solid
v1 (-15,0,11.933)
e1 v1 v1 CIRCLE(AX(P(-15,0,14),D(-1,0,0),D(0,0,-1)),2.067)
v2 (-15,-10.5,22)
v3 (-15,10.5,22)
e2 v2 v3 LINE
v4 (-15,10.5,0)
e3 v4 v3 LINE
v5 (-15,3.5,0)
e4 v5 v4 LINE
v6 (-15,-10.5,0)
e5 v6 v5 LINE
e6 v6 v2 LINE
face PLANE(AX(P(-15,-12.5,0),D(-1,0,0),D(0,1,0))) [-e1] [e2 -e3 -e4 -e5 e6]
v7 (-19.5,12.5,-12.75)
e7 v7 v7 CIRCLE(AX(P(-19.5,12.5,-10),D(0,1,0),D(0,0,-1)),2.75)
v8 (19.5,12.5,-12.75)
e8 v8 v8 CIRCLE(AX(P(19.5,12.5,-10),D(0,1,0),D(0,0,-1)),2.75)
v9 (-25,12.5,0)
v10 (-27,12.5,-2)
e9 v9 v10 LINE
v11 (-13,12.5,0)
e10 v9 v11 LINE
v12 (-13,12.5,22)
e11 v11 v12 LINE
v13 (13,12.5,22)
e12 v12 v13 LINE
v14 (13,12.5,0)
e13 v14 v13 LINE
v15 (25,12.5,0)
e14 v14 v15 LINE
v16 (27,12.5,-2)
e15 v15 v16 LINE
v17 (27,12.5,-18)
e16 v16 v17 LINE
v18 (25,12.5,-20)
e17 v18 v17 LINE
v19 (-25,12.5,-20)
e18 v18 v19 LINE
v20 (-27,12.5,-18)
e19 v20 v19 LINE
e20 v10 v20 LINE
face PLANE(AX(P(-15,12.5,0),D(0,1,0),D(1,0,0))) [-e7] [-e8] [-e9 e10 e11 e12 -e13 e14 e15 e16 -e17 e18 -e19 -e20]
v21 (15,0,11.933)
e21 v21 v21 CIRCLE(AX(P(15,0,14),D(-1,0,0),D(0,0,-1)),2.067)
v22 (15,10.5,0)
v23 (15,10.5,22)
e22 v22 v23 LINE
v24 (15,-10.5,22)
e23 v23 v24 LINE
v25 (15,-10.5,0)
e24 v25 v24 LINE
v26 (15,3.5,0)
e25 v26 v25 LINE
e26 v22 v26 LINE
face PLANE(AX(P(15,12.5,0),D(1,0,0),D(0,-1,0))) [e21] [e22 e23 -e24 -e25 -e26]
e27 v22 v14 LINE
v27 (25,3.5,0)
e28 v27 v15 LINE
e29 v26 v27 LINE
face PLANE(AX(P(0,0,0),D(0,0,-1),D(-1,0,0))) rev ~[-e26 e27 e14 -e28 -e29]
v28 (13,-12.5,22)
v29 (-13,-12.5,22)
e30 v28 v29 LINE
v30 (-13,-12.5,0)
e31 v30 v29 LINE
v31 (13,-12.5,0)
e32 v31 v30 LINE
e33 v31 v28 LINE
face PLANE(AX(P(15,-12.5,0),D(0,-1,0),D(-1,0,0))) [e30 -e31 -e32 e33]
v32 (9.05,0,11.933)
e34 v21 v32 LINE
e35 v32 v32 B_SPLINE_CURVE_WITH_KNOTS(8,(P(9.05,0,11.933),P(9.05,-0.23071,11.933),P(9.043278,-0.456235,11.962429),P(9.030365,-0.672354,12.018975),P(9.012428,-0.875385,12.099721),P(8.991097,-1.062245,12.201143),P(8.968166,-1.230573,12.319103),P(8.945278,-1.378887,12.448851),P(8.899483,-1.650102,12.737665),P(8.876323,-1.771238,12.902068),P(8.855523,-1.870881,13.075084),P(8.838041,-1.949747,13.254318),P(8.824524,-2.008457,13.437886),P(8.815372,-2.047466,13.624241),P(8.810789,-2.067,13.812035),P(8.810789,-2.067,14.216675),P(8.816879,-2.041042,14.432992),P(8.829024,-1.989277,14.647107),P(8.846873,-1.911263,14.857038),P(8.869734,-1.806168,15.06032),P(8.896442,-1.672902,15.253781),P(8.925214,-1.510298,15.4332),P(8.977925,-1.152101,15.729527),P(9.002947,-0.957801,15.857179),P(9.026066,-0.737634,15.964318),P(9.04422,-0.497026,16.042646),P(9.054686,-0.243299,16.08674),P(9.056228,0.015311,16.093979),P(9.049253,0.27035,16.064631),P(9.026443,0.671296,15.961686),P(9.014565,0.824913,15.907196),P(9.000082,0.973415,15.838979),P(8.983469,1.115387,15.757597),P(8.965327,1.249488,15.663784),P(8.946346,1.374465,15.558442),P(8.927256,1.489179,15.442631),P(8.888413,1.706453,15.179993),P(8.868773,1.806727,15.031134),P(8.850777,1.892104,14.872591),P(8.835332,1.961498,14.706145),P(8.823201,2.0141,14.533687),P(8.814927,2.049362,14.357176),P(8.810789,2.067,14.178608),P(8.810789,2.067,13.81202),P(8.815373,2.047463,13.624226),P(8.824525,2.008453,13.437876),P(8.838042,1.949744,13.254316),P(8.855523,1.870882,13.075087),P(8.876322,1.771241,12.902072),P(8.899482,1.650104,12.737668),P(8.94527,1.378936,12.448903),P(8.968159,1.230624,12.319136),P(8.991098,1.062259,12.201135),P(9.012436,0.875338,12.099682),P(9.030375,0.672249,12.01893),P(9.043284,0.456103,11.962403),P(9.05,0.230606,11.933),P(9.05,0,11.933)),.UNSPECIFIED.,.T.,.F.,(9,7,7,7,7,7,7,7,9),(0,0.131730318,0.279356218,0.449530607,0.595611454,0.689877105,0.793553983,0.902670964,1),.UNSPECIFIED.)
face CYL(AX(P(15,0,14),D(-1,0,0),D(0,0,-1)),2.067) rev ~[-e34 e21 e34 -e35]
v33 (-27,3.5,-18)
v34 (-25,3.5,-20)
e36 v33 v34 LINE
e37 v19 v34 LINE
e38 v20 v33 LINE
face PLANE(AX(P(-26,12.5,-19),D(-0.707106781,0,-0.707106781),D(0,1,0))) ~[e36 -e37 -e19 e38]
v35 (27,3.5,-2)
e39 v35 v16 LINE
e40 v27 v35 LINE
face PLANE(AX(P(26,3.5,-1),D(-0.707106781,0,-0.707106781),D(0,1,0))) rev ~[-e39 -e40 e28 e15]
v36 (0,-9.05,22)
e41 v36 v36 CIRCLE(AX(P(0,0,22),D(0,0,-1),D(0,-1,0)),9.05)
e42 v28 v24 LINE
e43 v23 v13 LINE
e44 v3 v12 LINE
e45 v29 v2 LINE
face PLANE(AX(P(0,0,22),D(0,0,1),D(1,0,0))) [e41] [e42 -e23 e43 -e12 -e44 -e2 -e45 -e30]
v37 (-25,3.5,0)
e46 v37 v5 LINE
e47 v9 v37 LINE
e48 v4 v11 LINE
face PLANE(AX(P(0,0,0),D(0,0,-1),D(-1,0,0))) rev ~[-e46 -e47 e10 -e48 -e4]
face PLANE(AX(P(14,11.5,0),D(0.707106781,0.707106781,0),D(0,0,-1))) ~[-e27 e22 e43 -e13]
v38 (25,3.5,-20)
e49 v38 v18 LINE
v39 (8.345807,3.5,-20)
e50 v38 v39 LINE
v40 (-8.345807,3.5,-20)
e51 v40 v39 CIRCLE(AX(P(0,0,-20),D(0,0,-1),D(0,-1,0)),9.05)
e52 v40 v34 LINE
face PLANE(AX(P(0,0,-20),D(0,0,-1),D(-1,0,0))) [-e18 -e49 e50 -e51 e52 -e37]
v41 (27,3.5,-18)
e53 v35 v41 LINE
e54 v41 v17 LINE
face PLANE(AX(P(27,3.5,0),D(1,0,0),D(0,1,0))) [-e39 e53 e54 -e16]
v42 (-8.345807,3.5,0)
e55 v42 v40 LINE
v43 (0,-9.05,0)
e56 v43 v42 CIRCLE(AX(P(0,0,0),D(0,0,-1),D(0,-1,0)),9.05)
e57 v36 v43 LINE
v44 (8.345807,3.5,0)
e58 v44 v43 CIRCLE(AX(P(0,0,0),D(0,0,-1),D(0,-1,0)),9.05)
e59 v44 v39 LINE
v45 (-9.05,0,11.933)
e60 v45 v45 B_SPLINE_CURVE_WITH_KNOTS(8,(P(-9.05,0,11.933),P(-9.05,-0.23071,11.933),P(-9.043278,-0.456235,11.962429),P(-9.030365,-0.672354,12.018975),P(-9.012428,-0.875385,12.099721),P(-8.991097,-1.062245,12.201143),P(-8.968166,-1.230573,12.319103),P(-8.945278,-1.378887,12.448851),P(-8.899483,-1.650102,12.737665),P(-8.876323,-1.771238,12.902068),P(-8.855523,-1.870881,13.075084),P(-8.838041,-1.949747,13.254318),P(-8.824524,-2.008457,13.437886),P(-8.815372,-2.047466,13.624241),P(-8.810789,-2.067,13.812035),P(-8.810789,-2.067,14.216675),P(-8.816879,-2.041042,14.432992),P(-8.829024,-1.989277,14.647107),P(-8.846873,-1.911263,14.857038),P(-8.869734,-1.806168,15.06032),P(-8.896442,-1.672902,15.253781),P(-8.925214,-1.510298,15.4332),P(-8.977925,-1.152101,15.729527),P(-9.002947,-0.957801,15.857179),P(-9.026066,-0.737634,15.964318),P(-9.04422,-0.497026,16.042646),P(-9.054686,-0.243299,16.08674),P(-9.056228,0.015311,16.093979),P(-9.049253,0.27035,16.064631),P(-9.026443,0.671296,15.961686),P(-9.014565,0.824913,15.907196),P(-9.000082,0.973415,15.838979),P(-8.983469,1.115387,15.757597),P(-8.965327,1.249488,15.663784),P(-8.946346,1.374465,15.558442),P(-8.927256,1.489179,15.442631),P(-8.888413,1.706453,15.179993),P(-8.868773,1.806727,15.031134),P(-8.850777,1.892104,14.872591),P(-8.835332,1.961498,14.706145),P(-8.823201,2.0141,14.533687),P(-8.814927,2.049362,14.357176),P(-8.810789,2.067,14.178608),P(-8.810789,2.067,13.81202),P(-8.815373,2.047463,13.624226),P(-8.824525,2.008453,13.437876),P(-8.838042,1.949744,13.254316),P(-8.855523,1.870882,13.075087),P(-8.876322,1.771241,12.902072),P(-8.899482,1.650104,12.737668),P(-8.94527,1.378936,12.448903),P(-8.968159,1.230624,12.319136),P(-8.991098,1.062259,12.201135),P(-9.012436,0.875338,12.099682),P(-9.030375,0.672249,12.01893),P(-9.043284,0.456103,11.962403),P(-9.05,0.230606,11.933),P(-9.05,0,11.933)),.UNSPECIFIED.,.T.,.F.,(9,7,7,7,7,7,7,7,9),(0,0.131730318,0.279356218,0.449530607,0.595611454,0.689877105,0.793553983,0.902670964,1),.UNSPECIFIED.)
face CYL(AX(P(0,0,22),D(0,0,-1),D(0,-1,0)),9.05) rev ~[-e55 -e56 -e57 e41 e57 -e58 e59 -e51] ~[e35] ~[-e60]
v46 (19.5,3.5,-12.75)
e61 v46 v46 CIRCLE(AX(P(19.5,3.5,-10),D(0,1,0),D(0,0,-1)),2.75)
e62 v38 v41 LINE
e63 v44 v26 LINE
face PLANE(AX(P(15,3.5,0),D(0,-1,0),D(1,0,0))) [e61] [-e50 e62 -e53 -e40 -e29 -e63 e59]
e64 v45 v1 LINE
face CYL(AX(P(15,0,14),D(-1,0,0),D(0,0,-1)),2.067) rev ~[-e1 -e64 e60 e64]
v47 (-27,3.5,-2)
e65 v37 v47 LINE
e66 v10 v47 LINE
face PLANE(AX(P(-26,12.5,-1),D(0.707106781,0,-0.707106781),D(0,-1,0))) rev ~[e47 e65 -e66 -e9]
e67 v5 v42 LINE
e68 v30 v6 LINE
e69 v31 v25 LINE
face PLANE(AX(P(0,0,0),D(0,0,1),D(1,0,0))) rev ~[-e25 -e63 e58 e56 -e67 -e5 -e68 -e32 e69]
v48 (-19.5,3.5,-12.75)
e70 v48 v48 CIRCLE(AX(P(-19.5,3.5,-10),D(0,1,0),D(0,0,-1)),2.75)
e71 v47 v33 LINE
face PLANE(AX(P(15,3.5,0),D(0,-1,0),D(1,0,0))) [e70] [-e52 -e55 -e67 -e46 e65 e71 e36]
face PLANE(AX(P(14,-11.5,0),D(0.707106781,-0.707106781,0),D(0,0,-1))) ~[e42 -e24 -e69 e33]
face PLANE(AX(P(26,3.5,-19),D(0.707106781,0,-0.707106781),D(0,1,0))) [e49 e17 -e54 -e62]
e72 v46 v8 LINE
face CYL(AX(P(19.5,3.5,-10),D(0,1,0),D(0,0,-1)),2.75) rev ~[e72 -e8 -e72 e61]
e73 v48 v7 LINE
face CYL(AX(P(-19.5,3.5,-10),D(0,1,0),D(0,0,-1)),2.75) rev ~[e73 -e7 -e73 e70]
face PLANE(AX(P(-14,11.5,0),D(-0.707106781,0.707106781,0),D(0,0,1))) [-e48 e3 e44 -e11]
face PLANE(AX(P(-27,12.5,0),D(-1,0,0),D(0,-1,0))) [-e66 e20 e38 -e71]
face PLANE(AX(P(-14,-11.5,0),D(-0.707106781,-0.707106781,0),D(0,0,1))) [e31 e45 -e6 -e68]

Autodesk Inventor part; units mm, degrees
ref_plane "YZ Plane" through (0, 0, 0) normal (1, 0, 0) x (0, 1, 0)
ref_plane "XZ Plane" through (0, 0, 0) normal (0, 1, 0) x (-1, 0, 0)
ref_plane "XY Plane" through (0, 0, 0) normal (0, 0, 1) x (1, 0, 0)
sketch "Sketch7" plane through (0, 0, 0) normal (0, 0, 1) x (1, 0, 0)
  line L0 (15, -12.5) -> (-15, -12.5)
  line L1 (-15, -12.5) -> (-15, 12.5)
  line L2 (-15, 12.5) -> (15, 12.5)
  line L3 (15, 12.5) -> (15, -12.5)
  line L4 (15, -12.5) -> (-15, 12.5) construction
  line L5 (-15, -12.5) -> (15, 12.5) construction
  point P0 (0, 0)
  dimension "d26" = 30
  dimension "d27" = 25
extrude "Extrusion4" add sketch "Sketch7" along normal blind 22
sketch "Sketch8" plane through (0, 0, 0) normal (0, 0, -1) x (-1, 0, 0)
  line L0 (-27, 12.5) -> (27, 12.5)
  line L1 (27, 12.5) -> (27, 3.5)
  line L2 (27, 3.5) -> (-27, 3.5)
  line L3 (-27, 3.5) -> (-27, 12.5)
  line L4 (-15, -12.5) -> (-15, 12.5) projected
  line L5 (15, 12.5) -> (15, -12.5) projected
  line L6 (-15, 12.5) -> (15, 12.5) projected
  point P0 (0, 0)
  dimension "d30" = 12
  dimension "d31" = 12
  dimension "d32" = 9
extrude "Extrusion5" add sketch "Sketch8" along normal blind 20
sketch "Sketch9" plane through (0, 0, 22) normal (0, 0, 1) x (1, 0, 0)
  line L0 (15, 12.5) -> (-15, 12.5) projected
  line L1 (15, -12.5) -> (15, 12.5) projected
  point P0 (0, 0)
  point P1 (0, 0)
  point P2 (0, 12.5)
  point P3 (15, 0)
hole "Hole3" at (0, 0, 22) direction (0, 0, -1) diameter 18.1 end through all
sketch "Sketch10" plane through (15, 3.5, 0) normal (0, -1, 0) x (1, 0, 0)
  line L0 (12, 0) -> (0, 0) projected
  line L1 (12, -20) -> (-6.6542, -20) projected
  line L2 (12, 0) -> (12, -20) projected
  line L3 (-42, 0) -> (-42, -20) projected
  point P0 (-15, 0)
  point P1 (4.5, -10)
  point P2 (-34.5, -10)
  dimension "d42" = 20
  dimension "d43" = 10
  dimension "d44" = 7.5
  dimension "d45" = 7.5
hole "Hole4" at (19.5, 3.5, -10) at (-19.5, 3.5, -10) direction (0, 1, 0) diameter 5.5 end through all clearance for "Socket Head Cap Screw" size "M5" standard "TS Profile"
chamfer "Chamfer1" distance 2 angle 45 8 edges at (15, 12.5, 11) (15, -12.5, 11) (-15, -12.5, 11) (-15, 12.5, 11) (27, 8, 0) (27, 8, -20) (-27, 8, -20) (-27, 8, 0)
sketch "Sketch11" plane through (15, -10.5, 0) normal (1, 0, 0) x (0, 0, -1)
  line L0 (-22, 0) -> (-22, 21) projected
  point P0 (0, 10.5)
  point P1 (-14, 10.5)
  dimension "d63" = 8
hole "Hole5" at (15, 0, 14) direction (-1, 0, 0) diameter 4.134 end through all thread size "M5x0.8" class "6H" standard "TS profile"
equation "\"d31\" = d30"
equation "\"d43\" = 0.5 * d42"
equation "\"d45\" = d44"
properties part number "TL20240901-10320CV-026" material "MC NYLON"
